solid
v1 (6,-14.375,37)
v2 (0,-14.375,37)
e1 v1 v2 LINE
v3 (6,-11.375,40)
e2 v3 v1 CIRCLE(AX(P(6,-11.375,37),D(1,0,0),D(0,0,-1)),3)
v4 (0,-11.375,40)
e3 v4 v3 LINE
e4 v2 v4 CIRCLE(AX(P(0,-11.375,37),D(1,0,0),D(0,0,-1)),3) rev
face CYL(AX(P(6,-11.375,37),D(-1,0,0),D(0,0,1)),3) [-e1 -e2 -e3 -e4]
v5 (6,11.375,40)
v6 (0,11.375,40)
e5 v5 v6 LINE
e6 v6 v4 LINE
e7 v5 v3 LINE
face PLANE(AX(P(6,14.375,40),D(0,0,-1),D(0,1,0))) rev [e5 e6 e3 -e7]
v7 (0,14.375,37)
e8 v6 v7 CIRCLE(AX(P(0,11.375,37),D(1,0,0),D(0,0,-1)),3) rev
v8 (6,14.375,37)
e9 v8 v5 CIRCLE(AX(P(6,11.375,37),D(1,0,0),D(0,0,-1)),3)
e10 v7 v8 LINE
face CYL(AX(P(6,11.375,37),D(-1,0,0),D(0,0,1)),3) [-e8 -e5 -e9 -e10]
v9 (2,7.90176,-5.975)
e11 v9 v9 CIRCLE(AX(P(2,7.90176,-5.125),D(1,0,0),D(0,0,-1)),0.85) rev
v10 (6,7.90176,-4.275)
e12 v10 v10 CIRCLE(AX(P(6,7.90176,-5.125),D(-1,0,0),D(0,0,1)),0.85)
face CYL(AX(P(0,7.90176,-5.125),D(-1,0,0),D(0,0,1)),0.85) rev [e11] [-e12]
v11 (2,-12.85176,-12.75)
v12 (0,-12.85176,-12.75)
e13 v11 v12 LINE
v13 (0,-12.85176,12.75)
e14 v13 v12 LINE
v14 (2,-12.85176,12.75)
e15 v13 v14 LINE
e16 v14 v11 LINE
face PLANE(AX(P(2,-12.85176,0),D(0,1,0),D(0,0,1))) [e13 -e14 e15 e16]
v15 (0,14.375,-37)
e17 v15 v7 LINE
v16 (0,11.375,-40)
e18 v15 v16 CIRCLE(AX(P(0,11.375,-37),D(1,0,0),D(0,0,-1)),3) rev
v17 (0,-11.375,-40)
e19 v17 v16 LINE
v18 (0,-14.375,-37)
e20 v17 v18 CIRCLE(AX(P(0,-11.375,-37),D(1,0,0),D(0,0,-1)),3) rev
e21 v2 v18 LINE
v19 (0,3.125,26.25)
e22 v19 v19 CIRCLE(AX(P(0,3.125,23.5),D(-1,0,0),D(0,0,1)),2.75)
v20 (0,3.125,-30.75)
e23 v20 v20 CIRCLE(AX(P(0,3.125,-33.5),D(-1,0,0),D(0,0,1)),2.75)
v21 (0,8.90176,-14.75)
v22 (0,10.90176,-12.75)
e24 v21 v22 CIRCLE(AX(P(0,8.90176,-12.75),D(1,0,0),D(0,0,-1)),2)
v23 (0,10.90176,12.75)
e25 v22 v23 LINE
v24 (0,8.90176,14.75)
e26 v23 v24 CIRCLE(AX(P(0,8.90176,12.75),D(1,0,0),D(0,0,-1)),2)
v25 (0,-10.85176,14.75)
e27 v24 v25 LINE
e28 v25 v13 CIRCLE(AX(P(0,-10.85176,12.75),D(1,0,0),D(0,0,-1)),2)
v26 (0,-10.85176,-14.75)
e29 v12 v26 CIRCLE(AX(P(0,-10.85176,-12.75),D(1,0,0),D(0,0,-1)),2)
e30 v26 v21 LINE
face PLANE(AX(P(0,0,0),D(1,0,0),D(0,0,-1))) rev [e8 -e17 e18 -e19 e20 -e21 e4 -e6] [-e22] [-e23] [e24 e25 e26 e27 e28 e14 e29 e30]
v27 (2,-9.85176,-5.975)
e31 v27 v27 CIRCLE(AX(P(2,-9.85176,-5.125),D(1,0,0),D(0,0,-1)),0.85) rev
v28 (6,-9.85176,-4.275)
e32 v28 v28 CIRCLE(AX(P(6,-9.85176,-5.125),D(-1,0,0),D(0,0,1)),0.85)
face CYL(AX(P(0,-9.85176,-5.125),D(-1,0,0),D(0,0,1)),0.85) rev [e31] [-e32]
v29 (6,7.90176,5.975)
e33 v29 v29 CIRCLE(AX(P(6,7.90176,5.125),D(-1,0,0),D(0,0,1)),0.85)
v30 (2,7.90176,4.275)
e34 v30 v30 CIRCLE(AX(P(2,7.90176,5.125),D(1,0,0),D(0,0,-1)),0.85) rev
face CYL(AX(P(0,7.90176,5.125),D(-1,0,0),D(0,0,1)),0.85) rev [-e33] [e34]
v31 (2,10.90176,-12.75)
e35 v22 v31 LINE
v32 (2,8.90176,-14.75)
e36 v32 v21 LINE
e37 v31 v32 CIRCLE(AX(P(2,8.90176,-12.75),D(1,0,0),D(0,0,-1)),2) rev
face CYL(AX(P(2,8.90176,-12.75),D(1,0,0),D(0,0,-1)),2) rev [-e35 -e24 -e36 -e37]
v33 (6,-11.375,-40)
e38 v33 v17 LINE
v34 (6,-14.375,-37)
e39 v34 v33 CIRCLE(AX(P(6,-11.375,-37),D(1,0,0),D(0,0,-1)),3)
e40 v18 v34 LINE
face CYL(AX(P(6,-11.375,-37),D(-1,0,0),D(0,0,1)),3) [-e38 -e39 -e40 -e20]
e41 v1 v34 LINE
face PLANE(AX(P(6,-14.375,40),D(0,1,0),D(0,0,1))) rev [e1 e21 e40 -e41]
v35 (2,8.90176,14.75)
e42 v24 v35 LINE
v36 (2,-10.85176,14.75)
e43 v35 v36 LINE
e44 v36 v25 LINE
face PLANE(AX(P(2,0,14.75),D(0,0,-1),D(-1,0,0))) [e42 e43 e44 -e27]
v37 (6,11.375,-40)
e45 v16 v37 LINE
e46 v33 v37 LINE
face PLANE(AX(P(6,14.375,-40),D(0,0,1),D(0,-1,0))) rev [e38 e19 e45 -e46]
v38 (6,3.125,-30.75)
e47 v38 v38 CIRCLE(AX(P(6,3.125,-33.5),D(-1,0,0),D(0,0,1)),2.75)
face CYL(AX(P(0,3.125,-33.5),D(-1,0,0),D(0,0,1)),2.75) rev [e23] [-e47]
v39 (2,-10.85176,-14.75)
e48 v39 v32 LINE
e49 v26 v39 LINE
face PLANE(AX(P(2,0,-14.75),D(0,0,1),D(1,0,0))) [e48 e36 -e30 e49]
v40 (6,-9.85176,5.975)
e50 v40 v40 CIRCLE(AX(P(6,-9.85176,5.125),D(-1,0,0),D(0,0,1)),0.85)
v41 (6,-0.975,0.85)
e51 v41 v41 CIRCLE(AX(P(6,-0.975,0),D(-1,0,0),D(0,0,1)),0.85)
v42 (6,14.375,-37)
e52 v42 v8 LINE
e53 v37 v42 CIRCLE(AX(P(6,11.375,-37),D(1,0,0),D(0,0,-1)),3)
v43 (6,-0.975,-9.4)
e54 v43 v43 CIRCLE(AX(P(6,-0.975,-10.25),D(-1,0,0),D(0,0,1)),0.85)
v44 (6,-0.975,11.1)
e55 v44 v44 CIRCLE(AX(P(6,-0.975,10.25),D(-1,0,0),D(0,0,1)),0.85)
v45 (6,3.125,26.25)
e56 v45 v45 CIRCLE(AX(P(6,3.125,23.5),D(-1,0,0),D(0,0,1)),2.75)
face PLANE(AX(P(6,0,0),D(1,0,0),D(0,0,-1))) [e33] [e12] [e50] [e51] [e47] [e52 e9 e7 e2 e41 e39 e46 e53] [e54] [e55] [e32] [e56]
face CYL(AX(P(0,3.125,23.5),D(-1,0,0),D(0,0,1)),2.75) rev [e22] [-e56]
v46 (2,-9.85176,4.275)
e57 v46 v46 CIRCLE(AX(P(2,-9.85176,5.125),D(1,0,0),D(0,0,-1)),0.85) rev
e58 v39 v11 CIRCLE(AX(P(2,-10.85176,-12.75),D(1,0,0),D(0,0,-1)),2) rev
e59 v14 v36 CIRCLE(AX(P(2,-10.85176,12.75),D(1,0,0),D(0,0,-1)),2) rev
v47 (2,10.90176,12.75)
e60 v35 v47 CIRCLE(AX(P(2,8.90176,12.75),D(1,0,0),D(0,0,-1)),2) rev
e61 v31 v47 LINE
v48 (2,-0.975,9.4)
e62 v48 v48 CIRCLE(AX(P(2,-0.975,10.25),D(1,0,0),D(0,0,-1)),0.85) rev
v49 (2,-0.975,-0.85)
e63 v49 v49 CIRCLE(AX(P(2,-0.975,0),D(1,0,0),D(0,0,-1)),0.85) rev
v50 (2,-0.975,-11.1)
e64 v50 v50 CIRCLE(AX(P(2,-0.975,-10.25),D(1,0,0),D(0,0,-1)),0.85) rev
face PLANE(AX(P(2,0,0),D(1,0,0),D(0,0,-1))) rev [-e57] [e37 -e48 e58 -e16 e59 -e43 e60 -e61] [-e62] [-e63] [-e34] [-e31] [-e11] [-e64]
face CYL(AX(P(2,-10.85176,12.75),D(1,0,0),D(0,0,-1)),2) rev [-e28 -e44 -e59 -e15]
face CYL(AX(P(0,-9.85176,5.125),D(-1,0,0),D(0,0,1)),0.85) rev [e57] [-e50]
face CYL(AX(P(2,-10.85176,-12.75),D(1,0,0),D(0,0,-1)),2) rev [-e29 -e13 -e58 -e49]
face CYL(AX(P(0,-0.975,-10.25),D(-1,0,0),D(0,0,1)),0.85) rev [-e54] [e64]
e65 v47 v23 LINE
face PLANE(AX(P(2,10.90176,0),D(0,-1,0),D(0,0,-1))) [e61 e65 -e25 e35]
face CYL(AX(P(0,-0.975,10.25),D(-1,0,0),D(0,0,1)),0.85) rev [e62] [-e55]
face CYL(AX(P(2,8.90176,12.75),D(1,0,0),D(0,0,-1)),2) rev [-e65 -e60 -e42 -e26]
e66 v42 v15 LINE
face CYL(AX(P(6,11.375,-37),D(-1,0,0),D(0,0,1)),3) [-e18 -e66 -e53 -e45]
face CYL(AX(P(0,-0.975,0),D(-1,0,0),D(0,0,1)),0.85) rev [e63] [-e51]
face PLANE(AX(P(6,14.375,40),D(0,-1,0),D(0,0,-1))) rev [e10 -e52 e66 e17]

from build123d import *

# Parameters (mm, degrees)
SKETCH1_W              = 80
SKETCH1_H              = 28.75
BOSS_EXTRUDE1_DEPTH    = 6
M5_CLEARANCE_HOLE1_D   = 5.5
M1_6_CLEARANCE_HOLE1_D = 1.7
CUT_EXTRUDE1_START     = -6
SKETCH9_W              = 29.5
SKETCH9_H              = 23.753520778
CUT_EXTRUDE1_DEPTH     = 2
FILLET1_R              = 2
FILLET2_R              = 3


with BuildPart() as part:
    # Sketch1 → Boss-Extrude1 (new body)
    with BuildSketch(Plane(origin=(0, 0, 0), x_dir=(0, 0, -1), z_dir=(1, 0, 0))):
        Rectangle(SKETCH1_W, SKETCH1_H)
    extrude(amount=BOSS_EXTRUDE1_DEPTH)

    # M5 Clearance Hole1 (through all)
    with Locations(Plane.ZY):
        with Locations((-33.5, 3.125), (23.5, 3.125)):
            Hole(M5_CLEARANCE_HOLE1_D / 2)

    # M1.6 Clearance Hole1 (through all)
    with Locations(Plane.ZY):
        with Locations((-10.25, -0.975), (10.25, -0.975), (0, -0.975), (-5.125, -9.851760389), (5.125, -9.851760389), (5.125, 7.901760389), (-5.125, 7.901760389)):
            Hole(M1_6_CLEARANCE_HOLE1_D / 2)

    # Sketch9 → Cut-Extrude1 (cut)
    with BuildSketch(Plane(origin=(6, 0, 0), x_dir=(0, 0, -1), z_dir=(1, 0, 0)).offset(CUT_EXTRUDE1_START)):
        with Locations((0, -0.975)):
            Rectangle(SKETCH9_W, SKETCH9_H)
    extrude(amount=CUT_EXTRUDE1_DEPTH, mode=Mode.SUBTRACT)

    # Fillet1
    fillet1_edges = [part.edges().sort_by_distance(p)[0] for p in [
        (1, -12.851760389, 14.75),
        (1, -12.851760389, -14.75),
        (1, 10.901760389, -14.75),
        (1, 10.901760389, 14.75),
    ]]
    fillet(fillet1_edges, radius=FILLET1_R)

    # Fillet2
    fillet2_edges = [part.edges().sort_by_distance(p)[0] for p in [
        (3, -14.375, -40),
        (3, -14.375, 40),
        (3, 14.375, 40),
        (3, 14.375, -40),
    ]]
    fillet(fillet2_edges, radius=FILLET2_R)


solid = part.part
